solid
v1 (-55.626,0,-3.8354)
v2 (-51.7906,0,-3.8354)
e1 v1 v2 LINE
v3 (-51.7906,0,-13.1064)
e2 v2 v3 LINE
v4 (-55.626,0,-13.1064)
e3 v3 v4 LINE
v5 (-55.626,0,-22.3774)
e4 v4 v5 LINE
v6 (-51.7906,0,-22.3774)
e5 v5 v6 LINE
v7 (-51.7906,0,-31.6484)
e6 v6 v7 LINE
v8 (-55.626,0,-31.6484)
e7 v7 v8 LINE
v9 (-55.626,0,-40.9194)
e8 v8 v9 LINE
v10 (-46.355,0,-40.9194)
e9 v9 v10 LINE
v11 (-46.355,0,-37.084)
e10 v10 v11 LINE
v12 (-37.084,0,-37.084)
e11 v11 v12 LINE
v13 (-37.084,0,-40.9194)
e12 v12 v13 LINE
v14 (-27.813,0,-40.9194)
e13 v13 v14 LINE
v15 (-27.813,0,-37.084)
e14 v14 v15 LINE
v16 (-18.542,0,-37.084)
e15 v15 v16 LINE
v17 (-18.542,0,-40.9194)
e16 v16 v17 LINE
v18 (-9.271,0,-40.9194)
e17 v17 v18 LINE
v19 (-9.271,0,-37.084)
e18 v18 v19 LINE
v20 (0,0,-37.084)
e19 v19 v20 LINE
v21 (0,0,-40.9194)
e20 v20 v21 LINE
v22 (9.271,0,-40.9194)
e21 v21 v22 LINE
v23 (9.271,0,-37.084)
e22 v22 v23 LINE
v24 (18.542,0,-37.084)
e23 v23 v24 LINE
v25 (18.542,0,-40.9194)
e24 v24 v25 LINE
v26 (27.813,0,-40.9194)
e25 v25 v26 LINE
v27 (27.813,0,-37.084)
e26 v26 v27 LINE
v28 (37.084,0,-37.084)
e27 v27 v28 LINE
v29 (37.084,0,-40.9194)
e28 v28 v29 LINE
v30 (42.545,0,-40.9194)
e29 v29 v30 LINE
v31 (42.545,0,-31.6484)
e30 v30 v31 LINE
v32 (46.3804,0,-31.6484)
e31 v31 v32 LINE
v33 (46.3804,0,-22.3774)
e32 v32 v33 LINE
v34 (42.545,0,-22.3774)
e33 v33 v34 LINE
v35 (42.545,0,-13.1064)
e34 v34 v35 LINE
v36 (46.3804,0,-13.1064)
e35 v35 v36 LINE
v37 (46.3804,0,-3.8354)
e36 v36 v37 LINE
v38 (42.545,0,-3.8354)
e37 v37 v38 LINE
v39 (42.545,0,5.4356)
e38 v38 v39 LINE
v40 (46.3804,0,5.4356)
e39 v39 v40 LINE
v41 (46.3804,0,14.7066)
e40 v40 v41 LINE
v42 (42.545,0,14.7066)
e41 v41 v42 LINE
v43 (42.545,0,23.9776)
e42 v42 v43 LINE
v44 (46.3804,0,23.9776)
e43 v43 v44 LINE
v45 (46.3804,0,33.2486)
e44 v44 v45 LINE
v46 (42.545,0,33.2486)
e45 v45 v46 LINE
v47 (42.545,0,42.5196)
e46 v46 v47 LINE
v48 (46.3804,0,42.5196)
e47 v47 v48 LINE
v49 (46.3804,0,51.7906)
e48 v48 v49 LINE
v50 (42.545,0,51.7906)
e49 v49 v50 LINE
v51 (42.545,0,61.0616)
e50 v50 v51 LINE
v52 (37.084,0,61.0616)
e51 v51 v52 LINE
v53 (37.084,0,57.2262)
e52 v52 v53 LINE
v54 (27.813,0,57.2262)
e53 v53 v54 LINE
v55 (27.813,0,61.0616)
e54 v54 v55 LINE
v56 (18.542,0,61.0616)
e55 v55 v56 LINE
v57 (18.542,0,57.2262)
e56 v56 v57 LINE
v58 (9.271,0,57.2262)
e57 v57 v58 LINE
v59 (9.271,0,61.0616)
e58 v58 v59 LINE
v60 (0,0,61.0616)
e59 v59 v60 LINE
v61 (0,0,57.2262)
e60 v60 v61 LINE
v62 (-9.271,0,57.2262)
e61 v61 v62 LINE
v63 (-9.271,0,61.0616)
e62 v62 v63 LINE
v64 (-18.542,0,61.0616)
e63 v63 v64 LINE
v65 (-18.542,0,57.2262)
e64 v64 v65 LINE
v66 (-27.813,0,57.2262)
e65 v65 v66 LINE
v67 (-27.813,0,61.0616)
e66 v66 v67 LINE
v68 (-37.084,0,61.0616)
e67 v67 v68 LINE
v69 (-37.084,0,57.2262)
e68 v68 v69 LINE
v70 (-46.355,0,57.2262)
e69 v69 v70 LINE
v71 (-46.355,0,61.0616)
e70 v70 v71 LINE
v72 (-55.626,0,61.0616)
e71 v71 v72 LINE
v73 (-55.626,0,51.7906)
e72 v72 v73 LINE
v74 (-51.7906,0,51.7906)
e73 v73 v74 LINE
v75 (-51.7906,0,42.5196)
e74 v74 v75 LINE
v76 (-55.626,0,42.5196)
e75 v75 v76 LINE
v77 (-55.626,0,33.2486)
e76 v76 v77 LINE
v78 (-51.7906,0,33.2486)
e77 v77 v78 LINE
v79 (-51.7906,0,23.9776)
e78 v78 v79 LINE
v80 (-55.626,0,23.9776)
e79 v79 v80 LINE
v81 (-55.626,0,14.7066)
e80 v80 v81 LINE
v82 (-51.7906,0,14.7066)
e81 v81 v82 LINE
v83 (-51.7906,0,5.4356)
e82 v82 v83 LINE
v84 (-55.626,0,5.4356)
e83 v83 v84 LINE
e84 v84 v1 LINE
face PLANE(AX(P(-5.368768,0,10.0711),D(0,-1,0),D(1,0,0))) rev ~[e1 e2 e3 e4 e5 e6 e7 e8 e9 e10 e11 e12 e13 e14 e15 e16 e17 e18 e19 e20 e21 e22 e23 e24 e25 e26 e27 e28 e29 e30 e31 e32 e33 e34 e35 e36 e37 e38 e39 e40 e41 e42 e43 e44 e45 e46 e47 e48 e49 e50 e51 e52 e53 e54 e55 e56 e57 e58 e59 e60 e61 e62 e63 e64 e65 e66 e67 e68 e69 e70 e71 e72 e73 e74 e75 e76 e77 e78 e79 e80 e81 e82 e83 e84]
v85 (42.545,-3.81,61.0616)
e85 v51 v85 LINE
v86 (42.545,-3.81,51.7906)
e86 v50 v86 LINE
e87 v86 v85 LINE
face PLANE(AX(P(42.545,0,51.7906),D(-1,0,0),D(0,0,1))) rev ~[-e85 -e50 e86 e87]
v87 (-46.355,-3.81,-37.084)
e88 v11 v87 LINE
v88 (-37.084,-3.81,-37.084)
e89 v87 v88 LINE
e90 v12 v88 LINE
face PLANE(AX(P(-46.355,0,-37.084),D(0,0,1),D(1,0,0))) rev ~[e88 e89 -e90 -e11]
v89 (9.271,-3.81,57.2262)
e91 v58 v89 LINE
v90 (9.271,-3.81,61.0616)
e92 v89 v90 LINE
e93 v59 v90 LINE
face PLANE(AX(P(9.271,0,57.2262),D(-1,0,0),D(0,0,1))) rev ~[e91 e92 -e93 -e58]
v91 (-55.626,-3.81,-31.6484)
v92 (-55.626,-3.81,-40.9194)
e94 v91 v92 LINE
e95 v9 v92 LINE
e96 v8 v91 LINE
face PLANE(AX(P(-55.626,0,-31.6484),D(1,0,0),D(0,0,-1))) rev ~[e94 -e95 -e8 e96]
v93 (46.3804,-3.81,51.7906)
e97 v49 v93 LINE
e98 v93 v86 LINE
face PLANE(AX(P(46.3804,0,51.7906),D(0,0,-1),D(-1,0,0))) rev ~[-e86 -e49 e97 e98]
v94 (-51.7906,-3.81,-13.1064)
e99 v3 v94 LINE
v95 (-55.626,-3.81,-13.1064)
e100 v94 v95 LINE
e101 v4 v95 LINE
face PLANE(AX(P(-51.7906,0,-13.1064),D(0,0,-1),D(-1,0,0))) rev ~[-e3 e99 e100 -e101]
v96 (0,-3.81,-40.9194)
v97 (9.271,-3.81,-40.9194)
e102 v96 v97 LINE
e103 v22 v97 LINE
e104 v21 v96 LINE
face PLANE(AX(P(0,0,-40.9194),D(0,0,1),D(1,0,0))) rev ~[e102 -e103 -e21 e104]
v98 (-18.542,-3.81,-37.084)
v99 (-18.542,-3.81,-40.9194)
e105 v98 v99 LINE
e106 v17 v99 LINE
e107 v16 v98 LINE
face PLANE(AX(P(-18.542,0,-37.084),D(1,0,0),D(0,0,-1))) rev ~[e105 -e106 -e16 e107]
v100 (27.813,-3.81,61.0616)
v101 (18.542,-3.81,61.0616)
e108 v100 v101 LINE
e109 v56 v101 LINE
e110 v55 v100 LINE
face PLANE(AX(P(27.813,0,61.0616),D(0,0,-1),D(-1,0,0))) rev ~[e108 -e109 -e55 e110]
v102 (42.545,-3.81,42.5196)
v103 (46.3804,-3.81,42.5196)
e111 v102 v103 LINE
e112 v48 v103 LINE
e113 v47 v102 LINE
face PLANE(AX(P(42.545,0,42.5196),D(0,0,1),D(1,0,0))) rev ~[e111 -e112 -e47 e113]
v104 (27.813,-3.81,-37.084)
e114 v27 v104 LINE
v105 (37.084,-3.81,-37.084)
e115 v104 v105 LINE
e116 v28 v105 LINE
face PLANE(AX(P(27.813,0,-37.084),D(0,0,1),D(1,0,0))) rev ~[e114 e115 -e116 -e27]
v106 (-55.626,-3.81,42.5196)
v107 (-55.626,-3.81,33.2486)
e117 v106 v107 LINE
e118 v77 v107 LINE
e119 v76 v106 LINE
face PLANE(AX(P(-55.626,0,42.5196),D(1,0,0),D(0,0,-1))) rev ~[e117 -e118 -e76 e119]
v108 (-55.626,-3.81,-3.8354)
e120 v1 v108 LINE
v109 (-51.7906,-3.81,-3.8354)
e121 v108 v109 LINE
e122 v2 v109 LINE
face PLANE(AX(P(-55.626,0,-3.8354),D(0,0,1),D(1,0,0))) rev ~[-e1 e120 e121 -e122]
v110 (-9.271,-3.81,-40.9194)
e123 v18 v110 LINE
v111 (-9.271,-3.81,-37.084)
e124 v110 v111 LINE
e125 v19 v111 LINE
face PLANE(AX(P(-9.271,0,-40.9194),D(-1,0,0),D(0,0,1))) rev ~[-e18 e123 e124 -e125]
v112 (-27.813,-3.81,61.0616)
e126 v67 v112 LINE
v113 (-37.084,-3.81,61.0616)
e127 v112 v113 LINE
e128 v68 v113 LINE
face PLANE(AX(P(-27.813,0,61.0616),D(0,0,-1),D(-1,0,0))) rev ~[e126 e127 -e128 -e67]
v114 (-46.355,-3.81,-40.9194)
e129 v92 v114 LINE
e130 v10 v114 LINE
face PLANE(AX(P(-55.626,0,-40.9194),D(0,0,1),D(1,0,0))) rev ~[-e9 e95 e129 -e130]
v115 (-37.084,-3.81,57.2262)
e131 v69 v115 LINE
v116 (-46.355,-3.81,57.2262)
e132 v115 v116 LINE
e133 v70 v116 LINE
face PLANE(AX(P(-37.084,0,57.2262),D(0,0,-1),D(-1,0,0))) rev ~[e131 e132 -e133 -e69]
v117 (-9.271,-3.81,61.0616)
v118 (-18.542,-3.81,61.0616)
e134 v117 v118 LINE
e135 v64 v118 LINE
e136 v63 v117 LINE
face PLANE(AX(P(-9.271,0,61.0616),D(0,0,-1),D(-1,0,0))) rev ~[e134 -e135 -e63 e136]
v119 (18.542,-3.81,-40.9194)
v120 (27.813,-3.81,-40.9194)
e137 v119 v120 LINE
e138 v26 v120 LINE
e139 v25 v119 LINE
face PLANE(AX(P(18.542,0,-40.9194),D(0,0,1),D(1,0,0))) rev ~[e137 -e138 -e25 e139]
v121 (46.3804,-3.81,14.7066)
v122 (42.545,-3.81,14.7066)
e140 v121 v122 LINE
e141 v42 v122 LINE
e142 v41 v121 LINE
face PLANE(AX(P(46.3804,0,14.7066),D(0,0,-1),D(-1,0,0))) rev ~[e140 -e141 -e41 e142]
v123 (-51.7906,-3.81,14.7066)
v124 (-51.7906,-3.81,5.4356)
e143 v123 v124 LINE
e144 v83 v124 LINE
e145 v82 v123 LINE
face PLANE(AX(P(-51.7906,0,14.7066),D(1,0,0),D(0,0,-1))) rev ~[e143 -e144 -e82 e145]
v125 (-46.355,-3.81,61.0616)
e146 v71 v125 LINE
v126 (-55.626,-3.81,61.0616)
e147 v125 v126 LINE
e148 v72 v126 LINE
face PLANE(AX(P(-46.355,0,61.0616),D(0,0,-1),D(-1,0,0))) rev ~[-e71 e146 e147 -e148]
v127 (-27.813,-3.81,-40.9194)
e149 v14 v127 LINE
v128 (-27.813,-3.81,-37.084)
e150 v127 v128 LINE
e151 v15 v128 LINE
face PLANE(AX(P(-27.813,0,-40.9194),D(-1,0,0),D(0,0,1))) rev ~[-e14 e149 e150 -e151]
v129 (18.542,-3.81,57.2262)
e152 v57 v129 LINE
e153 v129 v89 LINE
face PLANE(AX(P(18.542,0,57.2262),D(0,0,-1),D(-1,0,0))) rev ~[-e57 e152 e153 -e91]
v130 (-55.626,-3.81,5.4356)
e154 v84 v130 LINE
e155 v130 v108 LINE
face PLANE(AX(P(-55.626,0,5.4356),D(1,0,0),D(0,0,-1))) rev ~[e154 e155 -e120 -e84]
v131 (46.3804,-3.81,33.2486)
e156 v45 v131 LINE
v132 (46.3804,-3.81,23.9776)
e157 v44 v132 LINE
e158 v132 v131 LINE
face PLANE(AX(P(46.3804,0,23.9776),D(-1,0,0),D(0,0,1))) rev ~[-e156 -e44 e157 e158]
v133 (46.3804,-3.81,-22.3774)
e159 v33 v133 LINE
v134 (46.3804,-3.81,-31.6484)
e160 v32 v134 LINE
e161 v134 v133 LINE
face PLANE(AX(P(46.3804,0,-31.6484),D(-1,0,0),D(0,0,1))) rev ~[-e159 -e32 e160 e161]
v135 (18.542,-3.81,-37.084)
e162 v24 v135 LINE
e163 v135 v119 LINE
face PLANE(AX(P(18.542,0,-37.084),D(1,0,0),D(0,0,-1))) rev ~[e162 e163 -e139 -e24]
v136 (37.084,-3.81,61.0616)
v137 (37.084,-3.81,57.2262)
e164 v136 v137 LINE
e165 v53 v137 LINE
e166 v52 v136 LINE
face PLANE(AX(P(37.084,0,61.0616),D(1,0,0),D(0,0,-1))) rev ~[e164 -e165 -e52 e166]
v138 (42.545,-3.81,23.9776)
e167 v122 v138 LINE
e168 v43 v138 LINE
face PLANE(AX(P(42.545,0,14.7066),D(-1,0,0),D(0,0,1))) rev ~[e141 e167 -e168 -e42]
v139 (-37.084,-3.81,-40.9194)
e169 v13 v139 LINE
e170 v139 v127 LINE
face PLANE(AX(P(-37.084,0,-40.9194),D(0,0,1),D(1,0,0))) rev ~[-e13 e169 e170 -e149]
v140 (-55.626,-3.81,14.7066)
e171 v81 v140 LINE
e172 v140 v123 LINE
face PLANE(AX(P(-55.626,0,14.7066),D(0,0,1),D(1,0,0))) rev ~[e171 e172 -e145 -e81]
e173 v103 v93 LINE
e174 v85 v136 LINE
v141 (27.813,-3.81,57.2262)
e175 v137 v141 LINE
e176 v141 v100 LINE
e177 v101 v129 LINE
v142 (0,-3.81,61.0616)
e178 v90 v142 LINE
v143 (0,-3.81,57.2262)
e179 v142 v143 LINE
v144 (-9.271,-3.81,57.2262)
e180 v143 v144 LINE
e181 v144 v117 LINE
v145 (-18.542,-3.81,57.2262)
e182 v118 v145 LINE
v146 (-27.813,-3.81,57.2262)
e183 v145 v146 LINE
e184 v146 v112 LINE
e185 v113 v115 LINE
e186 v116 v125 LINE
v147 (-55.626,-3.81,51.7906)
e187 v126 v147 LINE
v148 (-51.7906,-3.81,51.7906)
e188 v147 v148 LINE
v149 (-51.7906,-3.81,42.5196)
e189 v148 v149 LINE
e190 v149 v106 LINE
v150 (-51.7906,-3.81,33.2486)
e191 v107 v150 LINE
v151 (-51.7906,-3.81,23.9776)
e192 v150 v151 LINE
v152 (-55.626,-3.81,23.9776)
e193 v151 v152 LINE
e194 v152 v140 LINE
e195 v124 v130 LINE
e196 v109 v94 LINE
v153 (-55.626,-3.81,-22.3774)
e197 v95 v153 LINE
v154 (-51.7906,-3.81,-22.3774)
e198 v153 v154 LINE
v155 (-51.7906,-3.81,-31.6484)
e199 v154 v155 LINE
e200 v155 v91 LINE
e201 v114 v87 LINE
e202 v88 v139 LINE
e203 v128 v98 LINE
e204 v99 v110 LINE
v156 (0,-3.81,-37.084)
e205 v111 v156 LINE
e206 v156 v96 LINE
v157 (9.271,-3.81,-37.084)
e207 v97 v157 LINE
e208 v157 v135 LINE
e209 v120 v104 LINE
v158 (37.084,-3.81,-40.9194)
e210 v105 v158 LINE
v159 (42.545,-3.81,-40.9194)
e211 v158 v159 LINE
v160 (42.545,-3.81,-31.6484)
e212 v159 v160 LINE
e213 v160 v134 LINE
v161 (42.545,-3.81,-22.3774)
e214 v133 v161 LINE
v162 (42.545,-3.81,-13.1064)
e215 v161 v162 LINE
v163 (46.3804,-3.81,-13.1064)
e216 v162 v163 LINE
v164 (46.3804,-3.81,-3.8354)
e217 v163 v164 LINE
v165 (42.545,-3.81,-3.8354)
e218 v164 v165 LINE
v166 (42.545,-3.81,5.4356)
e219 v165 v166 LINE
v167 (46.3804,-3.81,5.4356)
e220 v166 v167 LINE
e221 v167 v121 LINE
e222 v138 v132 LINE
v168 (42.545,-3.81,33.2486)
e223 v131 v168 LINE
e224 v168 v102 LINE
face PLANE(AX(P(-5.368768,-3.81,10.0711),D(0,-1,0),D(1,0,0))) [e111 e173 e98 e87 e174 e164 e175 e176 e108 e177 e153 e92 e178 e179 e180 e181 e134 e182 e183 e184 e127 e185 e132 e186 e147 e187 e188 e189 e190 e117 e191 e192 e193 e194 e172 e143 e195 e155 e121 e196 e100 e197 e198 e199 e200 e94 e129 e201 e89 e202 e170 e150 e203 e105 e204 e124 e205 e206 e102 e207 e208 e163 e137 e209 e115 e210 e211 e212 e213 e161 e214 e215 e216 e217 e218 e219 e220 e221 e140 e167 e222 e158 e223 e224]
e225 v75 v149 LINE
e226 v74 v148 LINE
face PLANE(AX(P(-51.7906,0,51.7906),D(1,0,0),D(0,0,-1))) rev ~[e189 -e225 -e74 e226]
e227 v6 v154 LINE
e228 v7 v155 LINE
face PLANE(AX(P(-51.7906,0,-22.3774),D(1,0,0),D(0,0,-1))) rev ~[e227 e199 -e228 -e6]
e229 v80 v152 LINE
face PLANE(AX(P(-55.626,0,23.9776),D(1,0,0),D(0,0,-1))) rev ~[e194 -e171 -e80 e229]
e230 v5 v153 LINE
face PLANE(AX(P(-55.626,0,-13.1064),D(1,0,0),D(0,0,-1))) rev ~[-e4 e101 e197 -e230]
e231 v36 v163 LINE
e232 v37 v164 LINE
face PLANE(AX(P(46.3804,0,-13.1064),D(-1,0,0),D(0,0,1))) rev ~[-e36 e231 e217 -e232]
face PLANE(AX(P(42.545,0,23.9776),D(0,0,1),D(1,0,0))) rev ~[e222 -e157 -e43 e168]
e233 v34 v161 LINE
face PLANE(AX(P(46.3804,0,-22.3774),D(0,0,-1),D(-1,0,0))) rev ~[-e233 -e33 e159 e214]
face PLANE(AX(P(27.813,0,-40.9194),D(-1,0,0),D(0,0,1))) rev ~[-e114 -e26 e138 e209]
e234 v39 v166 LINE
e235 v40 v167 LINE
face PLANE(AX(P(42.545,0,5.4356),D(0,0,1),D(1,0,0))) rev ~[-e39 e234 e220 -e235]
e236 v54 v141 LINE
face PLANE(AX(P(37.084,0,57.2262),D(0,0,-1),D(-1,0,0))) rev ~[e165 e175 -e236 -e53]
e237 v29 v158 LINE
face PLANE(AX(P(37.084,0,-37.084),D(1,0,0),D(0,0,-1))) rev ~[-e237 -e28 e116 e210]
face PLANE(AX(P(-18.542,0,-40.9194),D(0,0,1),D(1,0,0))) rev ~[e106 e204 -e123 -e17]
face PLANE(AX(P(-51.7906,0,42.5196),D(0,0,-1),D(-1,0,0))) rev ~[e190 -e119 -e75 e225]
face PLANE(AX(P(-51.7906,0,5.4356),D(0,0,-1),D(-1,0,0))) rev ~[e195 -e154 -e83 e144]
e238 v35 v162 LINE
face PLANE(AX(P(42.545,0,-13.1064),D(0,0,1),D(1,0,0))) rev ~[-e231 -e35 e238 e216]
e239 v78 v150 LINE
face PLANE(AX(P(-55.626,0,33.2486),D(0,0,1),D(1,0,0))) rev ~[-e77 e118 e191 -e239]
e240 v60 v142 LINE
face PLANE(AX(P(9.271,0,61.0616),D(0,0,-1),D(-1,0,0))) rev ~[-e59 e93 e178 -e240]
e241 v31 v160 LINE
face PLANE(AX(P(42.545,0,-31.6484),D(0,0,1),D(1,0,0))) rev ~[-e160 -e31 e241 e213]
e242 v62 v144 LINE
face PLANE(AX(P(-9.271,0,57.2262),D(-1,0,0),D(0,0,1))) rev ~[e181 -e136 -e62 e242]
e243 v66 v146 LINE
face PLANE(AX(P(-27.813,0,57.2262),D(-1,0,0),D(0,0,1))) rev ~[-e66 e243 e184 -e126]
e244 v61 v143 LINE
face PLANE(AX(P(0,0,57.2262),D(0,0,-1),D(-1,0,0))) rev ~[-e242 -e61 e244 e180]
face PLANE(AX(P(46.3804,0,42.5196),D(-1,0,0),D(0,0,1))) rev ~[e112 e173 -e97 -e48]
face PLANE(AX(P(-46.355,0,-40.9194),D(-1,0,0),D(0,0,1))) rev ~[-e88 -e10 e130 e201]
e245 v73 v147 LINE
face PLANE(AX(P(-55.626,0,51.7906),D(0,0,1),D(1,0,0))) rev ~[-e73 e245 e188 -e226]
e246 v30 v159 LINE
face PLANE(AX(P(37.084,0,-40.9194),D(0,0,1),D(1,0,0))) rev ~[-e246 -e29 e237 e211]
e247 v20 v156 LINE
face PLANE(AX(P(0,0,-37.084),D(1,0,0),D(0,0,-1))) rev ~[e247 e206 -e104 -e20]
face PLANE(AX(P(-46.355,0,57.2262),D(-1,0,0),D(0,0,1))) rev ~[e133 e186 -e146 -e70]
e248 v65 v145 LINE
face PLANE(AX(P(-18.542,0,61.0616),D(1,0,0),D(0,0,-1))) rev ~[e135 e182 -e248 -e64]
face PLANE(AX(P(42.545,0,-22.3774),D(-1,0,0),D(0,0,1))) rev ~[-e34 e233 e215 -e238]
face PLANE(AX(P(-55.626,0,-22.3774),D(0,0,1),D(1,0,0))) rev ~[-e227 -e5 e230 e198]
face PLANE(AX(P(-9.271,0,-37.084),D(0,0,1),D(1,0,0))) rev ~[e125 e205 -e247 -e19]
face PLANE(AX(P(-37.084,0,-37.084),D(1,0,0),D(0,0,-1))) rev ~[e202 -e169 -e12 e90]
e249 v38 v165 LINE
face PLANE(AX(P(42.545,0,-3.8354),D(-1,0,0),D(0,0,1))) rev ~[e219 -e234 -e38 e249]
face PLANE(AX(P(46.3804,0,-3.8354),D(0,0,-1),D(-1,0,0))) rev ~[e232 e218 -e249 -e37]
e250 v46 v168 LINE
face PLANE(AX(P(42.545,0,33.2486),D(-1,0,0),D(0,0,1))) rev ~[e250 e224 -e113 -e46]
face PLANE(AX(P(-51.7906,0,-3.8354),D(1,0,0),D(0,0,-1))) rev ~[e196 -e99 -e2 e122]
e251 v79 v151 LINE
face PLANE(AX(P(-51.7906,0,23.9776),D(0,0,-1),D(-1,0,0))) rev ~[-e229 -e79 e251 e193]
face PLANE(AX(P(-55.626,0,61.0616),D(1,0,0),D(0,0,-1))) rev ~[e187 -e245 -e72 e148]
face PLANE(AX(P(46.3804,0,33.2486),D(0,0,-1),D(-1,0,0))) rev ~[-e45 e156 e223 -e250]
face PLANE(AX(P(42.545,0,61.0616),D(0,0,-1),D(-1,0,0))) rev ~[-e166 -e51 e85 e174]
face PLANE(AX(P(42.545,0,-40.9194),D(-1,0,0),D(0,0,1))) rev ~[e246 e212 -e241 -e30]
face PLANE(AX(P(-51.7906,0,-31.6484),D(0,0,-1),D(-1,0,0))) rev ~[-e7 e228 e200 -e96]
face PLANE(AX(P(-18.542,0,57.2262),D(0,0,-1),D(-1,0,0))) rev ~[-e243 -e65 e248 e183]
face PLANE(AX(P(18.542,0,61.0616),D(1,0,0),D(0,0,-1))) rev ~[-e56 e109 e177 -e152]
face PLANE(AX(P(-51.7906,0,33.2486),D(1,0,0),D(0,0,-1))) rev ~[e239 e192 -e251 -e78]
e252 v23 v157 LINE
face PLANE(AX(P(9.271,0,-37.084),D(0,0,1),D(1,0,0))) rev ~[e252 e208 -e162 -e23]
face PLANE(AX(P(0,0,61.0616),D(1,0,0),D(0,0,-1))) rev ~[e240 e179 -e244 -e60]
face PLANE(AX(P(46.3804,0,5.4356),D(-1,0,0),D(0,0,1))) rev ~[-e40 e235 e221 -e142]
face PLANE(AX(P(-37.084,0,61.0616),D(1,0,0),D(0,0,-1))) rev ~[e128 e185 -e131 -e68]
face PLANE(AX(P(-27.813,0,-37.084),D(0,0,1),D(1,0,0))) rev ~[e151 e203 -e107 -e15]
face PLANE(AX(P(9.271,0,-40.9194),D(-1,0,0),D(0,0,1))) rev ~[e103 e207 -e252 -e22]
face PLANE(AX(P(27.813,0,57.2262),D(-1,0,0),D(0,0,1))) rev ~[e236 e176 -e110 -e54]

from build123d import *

# Parameters (mm, degrees)
F1_DEPTH = 3.81


with BuildPart() as f1:
    # F0 (on Front) → F1 (new body)
    with BuildSketch(Plane.XZ):
        Polygon((-46.355, 61.0616), (-55.626, 61.0616), (-55.626, 51.7906), (-51.7906, 51.7906), (-51.7906, 42.5196), (-55.626, 42.5196), (-55.626, 33.2486), (-51.7906, 33.2486), (-51.7906, 23.9776), (-55.626, 23.9776), (-55.626, 14.7066), (-51.7906, 14.7066), (-51.7906, 5.4356), (-55.626, 5.4356), (-55.626, -3.8354), (-51.7906, -3.8354), (-51.7906, -13.1064), (-55.626, -13.1064), (-55.626, -22.3774), (-51.7906, -22.3774), (-51.7906, -31.6484), (-55.626, -31.6484), (-55.626, -40.9194), (-46.355, -40.9194), (-46.355, -37.084), (-37.084, -37.084), (-37.084, -40.9194), (-27.813, -40.9194), (-27.813, -37.084), (-18.542, -37.084), (-18.542, -40.9194), (-9.271, -40.9194), (-9.271, -37.084), (0, -37.084), (0, -40.9194), (9.271, -40.9194), (9.271, -37.084), (18.542, -37.084), (18.542, -40.9194), (27.813, -40.9194), (27.813, -37.084), (37.084, -37.084), (37.084, -40.9194), (42.545, -40.9194), (42.545, -31.6484), (46.3804, -31.6484), (46.3804, -22.3774), (42.545, -22.3774), (42.545, -13.1064), (46.3804, -13.1064), (46.3804, -3.8354), (42.545, -3.8354), (42.545, 5.4356), (46.3804, 5.4356), (46.3804, 14.7066), (42.545, 14.7066), (42.545, 23.9776), (46.3804, 23.9776), (46.3804, 33.2486), (42.545, 33.2486), (42.545, 42.5196), (46.3804, 42.5196), (46.3804, 51.7906), (42.545, 51.7906), (42.545, 61.0616), (37.084, 61.0616), (37.084, 57.2262), (27.813, 57.2262), (27.813, 61.0616), (18.542, 61.0616), (18.542, 57.2262), (9.271, 57.2262), (9.271, 61.0616), (0, 61.0616), (0, 57.2262), (-9.271, 57.2262), (-9.271, 61.0616), (-18.542, 61.0616), (-18.542, 57.2262), (-27.813, 57.2262), (-27.813, 61.0616), (-37.084, 61.0616), (-37.084, 57.2262), (-46.355, 57.2262), align=None)
    extrude(amount=F1_DEPTH)


solid = f1.part
